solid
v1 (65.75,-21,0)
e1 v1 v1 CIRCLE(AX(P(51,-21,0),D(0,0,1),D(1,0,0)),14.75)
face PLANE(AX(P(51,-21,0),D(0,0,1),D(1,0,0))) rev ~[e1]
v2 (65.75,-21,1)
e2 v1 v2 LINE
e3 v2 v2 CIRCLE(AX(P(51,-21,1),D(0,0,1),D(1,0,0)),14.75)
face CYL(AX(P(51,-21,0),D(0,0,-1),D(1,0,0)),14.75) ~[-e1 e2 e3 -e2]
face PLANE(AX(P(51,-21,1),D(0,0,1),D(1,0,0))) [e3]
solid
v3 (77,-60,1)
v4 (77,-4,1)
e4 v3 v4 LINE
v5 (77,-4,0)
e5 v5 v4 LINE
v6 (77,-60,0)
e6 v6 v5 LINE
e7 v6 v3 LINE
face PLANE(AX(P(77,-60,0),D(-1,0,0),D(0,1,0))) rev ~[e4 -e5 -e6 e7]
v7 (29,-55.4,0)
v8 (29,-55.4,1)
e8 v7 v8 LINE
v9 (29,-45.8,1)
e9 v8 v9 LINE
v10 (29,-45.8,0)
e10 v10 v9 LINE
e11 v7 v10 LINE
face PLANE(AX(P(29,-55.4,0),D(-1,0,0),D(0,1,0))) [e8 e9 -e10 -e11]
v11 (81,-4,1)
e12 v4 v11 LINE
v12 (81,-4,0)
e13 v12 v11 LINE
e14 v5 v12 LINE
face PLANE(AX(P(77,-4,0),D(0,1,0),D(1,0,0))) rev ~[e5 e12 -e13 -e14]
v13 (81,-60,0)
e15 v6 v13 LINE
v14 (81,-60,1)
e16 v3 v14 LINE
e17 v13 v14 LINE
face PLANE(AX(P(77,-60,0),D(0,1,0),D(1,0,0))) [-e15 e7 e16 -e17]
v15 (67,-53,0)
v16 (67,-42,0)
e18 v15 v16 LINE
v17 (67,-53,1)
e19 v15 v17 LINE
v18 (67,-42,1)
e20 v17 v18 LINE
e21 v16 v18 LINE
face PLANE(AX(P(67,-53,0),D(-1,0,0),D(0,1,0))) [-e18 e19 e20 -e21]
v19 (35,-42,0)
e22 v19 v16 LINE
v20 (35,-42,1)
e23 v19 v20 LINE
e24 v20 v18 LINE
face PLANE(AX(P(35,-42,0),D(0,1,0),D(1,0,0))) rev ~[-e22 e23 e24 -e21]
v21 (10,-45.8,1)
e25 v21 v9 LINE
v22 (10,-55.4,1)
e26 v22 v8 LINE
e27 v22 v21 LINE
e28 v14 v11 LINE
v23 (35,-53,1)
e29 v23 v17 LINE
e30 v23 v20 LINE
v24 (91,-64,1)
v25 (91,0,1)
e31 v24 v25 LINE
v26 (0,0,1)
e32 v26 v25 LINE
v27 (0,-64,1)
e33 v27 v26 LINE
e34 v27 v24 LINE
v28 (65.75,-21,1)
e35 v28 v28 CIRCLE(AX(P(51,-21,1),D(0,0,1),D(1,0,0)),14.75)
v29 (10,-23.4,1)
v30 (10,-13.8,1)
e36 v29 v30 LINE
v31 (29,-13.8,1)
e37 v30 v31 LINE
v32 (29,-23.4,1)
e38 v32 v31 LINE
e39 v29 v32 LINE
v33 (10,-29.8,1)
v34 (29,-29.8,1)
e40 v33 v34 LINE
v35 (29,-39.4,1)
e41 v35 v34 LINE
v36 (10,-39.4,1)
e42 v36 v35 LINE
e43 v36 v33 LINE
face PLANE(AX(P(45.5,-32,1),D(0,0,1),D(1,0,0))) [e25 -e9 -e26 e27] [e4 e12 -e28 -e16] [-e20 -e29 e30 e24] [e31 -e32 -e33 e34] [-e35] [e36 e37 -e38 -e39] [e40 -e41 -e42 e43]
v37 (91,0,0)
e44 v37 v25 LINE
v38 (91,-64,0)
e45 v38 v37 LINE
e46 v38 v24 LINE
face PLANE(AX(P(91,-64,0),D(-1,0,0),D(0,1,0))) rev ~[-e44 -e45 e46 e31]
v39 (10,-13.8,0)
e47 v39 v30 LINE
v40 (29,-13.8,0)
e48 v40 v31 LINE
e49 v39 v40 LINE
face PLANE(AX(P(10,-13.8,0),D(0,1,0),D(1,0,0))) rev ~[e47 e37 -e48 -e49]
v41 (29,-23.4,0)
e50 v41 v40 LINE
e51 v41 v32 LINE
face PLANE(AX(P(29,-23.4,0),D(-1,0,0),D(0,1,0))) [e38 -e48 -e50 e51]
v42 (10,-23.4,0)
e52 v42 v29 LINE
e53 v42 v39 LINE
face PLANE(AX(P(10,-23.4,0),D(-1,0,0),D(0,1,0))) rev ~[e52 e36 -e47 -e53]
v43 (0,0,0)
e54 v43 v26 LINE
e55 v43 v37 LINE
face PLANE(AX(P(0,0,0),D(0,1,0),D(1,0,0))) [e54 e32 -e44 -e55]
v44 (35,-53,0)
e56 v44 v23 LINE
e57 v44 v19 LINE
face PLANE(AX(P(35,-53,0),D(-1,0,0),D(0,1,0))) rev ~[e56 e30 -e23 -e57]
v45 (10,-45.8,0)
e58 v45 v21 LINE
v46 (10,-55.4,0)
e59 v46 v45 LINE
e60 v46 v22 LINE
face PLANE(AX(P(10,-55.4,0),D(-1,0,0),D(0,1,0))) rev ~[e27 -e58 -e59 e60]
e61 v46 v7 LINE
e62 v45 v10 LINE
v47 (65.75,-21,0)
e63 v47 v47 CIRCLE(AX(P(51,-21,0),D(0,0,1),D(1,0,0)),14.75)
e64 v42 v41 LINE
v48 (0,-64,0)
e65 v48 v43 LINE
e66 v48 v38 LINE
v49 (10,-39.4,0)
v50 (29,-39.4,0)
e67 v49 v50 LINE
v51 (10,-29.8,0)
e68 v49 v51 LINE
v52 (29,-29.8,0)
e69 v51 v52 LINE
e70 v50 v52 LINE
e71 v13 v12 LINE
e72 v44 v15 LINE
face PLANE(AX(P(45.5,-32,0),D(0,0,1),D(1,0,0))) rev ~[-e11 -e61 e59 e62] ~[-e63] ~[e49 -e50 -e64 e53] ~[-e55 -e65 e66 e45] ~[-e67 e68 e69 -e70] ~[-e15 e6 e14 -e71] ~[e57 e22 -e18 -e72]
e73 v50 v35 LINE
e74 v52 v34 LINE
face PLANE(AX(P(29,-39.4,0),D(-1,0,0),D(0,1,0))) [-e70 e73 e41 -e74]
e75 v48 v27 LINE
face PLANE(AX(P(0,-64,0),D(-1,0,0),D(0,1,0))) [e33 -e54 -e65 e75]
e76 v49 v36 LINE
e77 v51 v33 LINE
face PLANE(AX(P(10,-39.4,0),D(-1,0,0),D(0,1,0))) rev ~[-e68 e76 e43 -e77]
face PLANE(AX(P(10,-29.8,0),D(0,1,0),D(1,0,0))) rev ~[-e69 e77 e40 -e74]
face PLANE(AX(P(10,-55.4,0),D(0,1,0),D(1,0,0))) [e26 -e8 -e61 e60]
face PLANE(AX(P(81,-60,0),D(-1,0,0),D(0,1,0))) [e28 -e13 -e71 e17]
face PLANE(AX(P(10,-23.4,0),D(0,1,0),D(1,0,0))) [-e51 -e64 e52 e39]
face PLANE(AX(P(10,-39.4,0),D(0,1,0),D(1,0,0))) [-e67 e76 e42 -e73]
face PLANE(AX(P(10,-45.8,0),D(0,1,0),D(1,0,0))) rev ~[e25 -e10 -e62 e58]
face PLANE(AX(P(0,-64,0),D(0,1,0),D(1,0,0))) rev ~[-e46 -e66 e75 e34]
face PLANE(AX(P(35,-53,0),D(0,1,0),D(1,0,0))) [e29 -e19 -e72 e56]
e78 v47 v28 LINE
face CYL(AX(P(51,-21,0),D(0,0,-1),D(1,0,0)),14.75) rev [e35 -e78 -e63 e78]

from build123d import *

# Parameters (mm, degrees)
F0_R     = 14.75
F1_DEPTH = 1
F0_W     = 91
F0_H     = 64
F0_W_2   = 19
F0_H_2   = 9.6
F0_W_3   = 32
F0_H_3   = 11
F0_W_4   = 4
F0_H_4   = 56
F2_DEPTH = 1


with BuildPart() as f1:
    # F0 (on Top) → F1 (new body)
    with BuildSketch(Plane.XY):
        with Locations((51, -21)):
            Circle(F0_R)
    extrude(amount=F1_DEPTH)


with BuildPart() as f2:
    # F0 (on Top) → F2 (new body)
    with BuildSketch(Plane.XY):
        with Locations((45.5, -32)):
            Rectangle(F0_W, F0_H)
        with Locations((19.5, -50.6)):
            Rectangle(F0_W_2, F0_H_2, mode=Mode.SUBTRACT)
        with Locations((19.5, -34.6)):
            Rectangle(F0_W_2, F0_H_2, mode=Mode.SUBTRACT)
        with Locations((51, -47.5)):
            Rectangle(F0_W_3, F0_H_3, mode=Mode.SUBTRACT)
        with Locations((19.5, -18.6)):
            Rectangle(F0_W_2, F0_H_2, mode=Mode.SUBTRACT)
        with Locations((51, -21)):
            Circle(F0_R, mode=Mode.SUBTRACT)
        with Locations((79, -32)):
            Rectangle(F0_W_4, F0_H_4, mode=Mode.SUBTRACT)
    extrude(amount=F2_DEPTH)


solid = Compound([f1.part, f2.part])
